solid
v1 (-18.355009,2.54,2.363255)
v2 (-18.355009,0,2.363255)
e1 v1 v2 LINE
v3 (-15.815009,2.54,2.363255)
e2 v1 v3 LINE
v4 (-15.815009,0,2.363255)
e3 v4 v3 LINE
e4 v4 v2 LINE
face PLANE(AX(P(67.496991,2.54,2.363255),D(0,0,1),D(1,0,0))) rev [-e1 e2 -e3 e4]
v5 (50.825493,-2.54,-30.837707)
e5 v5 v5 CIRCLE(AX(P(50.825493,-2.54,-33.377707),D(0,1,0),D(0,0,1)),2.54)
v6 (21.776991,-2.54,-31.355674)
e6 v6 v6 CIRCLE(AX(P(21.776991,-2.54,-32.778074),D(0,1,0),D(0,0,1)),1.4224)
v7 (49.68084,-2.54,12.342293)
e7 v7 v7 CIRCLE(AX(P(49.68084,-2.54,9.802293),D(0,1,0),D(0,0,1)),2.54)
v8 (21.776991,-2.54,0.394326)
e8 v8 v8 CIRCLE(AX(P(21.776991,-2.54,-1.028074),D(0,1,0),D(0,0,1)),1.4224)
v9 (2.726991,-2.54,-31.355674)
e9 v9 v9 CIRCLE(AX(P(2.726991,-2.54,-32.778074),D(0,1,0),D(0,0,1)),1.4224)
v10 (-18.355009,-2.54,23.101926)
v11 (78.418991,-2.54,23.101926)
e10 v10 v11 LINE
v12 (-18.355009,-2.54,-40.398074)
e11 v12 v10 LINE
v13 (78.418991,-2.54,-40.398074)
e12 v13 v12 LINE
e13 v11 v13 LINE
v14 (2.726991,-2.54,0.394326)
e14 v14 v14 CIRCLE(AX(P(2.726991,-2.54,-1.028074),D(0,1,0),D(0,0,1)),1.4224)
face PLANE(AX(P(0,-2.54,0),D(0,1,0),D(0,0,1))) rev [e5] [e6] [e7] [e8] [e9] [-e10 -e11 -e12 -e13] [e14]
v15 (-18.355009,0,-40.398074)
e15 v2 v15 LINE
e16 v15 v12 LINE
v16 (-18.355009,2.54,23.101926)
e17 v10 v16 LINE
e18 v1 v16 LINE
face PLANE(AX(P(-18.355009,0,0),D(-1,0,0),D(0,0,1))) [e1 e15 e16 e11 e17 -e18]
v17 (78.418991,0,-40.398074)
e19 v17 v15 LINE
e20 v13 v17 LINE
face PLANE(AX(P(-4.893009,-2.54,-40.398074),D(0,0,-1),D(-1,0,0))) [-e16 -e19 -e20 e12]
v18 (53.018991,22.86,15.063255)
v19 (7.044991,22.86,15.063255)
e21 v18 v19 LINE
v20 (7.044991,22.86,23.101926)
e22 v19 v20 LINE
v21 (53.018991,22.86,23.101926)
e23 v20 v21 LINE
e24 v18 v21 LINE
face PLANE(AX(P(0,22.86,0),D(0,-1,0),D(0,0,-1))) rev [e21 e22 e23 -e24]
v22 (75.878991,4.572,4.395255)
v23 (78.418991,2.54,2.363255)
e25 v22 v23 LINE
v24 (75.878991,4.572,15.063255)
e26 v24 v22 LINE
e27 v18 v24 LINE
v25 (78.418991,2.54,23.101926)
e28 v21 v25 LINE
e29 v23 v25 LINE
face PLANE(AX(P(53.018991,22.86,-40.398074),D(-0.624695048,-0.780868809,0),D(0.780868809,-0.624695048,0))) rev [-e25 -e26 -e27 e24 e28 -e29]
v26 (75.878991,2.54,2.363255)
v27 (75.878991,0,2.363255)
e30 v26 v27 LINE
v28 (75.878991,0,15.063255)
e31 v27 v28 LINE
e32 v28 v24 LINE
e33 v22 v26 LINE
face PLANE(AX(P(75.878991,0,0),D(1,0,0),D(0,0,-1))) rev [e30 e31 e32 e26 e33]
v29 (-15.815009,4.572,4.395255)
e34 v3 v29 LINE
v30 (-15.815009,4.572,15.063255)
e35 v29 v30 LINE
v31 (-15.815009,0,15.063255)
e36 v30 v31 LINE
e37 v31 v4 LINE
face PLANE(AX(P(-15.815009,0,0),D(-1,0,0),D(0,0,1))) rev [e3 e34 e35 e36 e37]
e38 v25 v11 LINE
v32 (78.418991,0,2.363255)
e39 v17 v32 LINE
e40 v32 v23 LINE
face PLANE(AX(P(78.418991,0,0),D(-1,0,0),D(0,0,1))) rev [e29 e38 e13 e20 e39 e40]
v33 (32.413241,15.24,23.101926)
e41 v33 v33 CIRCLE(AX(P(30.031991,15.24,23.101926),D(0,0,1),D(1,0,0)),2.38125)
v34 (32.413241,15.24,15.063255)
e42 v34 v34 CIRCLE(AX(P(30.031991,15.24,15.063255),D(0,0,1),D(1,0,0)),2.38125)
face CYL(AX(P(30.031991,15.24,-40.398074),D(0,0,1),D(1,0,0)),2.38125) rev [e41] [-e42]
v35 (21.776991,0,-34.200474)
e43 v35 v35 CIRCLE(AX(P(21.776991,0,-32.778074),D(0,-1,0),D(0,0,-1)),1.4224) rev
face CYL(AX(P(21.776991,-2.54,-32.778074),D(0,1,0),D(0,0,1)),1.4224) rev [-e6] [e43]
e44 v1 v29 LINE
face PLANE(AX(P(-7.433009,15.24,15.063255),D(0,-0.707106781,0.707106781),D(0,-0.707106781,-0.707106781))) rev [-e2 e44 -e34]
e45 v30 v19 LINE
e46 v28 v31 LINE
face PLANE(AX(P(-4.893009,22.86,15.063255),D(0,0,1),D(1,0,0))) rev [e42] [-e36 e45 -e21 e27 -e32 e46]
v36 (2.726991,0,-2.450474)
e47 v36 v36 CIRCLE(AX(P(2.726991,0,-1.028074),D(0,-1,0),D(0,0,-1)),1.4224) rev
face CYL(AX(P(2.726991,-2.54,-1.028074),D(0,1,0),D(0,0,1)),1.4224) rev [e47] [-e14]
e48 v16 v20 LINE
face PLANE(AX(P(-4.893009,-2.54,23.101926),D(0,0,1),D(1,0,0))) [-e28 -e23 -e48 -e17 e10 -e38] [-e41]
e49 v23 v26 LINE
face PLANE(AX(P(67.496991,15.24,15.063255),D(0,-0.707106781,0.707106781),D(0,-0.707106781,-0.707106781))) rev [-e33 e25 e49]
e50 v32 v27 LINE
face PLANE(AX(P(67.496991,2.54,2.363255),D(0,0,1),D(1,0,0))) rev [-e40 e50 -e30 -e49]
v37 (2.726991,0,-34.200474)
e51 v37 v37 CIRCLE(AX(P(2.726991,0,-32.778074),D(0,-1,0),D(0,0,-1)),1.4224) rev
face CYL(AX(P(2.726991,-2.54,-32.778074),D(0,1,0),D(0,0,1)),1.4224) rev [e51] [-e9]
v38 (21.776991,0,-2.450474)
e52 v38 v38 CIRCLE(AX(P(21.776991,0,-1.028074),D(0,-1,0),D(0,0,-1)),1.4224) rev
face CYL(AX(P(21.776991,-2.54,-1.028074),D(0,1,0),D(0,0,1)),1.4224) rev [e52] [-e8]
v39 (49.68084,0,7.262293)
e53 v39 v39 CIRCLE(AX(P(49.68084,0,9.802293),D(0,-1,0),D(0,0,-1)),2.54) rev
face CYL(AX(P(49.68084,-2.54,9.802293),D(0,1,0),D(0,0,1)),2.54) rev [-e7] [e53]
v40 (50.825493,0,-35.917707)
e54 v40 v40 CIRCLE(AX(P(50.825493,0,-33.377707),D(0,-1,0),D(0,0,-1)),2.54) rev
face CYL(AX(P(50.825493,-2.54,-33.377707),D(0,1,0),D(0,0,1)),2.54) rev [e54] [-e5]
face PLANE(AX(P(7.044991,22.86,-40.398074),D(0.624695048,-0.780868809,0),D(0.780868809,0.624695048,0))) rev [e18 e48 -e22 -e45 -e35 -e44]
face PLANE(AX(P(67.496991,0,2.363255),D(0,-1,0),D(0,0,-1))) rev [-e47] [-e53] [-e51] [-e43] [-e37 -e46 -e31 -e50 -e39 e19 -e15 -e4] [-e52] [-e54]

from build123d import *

# Parameters (mm, degrees)
BOSS_EXTRUDE1_DEPTH      = 2.54
BOSS_EXTRUDE1_DEPTH_BACK = 2.54
SKETCH1_W                = 69.85
SKETCH1_H                = 63.5
SKETCH1_R                = 1.4224
SKETCH1_R_2              = 2.54
SKETCH2_W                = 69.85
SKETCH2_H                = 8.038671265
BOSS_EXTRUDE2_DEPTH      = 20.32
BOSS_EXTRUDE3_DEPTH      = 2.54
BOSS_EXTRUDE4_DEPTH      = 2.54
SKETCH5_W                = 42.761328735
SKETCH5_H                = 2.54
CUT_EXTRUDE1_DEPTH       = 89.142435188
SKETCH6_W                = 69.85
SKETCH6_H                = 2.54
BOSS_EXTRUDE5_DEPTH      = 12.7
SKETCH7_W                = 69.85
SKETCH7_H                = 2.54
CUT_EXTRUDE2_DEPTH       = 12.7
SKETCH8_R                = 2.38125
CUT_EXTRUDE3_DEPTH       = 96.449847624
BOSS_EXTRUDE6_DEPTH      = 10.922
BOSS_EXTRUDE7_DEPTH      = 10.922
CUT_EXTRUDE4_DEPTH       = 10.922
CUT_EXTRUDE5_DEPTH       = 10.922
CUT_EXTRUDE6_DEPTH       = 104.461914585
CUT_EXTRUDE6_DEPTH_BACK  = 104.461914585


with BuildPart() as part:
    # Sketch1 → Boss-Extrude1 (new, two sides: drawn at the far end of the back side and taken through both)
    with BuildSketch(Plane(origin=(0, 0, 0), x_dir=(1, 0, 0), z_dir=(0, 1, 0)).offset(-BOSS_EXTRUDE1_DEPTH_BACK)):
        with Locations((30.031991128, 8.648073975)):
            Rectangle(SKETCH1_W, SKETCH1_H)
        with Locations(Location((2.726991128, 32.778073975, 0), (0, 0, 270))):
            Circle(SKETCH1_R, mode=Mode.SUBTRACT)
        with Locations(Location((21.776991128, 32.778073975, 0), (0, 0, 270))):
            Circle(SKETCH1_R, mode=Mode.SUBTRACT)
        with Locations(Location((2.726991128, 1.028073975, 0), (0, 0, 270))):
            Circle(SKETCH1_R, mode=Mode.SUBTRACT)
        with Locations(Location((21.776991128, 1.028073975, 0), (0, 0, 270))):
            Circle(SKETCH1_R, mode=Mode.SUBTRACT)
        with Locations(Location((49.680840227, -9.802293314, 0), (0, 0, 270))):
            Circle(SKETCH1_R_2, mode=Mode.SUBTRACT)
        with Locations(Location((50.825492869, 33.377706686, 0), (0, 0, 270))):
            Circle(SKETCH1_R_2, mode=Mode.SUBTRACT)
    extrude(amount=BOSS_EXTRUDE1_DEPTH + BOSS_EXTRUDE1_DEPTH_BACK)

    # Sketch2 → Boss-Extrude2 (add)
    with BuildSketch(Plane(origin=(0, 2.54, 0), x_dir=(1, 0, 0), z_dir=(0, 1, 0))):
        with Locations((30.031991128, -19.082590393)):
            Rectangle(SKETCH2_W, SKETCH2_H)
    extrude(amount=BOSS_EXTRUDE2_DEPTH)

    # Sketch3 → Boss-Extrude3 (add)
    with BuildSketch(Plane.ZY.offset(4.893008872)):
        Polygon((15.06325476, 15.24), (2.36325476, 2.54), (-40.398073975, 2.54), (-40.398073975, -2.54), (23.101926025, -2.54), (23.101926025, 22.86), (15.06325476, 22.86), align=None)
    extrude(amount=BOSS_EXTRUDE3_DEPTH)

    # Sketch4 → Boss-Extrude4 (add)
    with BuildSketch(Plane(origin=(64.956991128, 0, 0), x_dir=(0, 0, -1), z_dir=(1, 0, 0))):
        Polygon((-15.06325476, 15.24), (-2.36325476, 2.54), (40.398073975, 2.54), (40.398073975, -2.54), (-23.101926025, -2.54), (-23.101926025, 22.86), (-15.06325476, 22.86), align=None)
    extrude(amount=BOSS_EXTRUDE4_DEPTH)

    # Sketch5 → Cut-Extrude1 (cut, through all)
    with BuildSketch(Plane.ZY.offset(7.433008872)):
        with Locations((-19.017409607, 1.27)):
            Rectangle(SKETCH5_W, SKETCH5_H)
    extrude(amount=-CUT_EXTRUDE1_DEPTH, mode=Mode.SUBTRACT)

    # Sketch6 → Boss-Extrude5 (add)
    with BuildSketch(Plane(origin=(0, 0, 2.36325476), x_dir=(-1, 0, 0), z_dir=(0, 0, -1))):
        with Locations((-30.031991128, 1.27)):
            Rectangle(SKETCH6_W, SKETCH6_H)
    extrude(amount=-BOSS_EXTRUDE5_DEPTH)

    # Sketch7 → Cut-Extrude2 (cut)
    with BuildSketch(Plane(origin=(0, 0, 2.36325476), x_dir=(-1, 0, 0), z_dir=(0, 0, -1))):
        with Locations((-30.031991128, 1.27)):
            Rectangle(SKETCH7_W, SKETCH7_H)
    extrude(amount=-CUT_EXTRUDE2_DEPTH, mode=Mode.SUBTRACT)

    # Sketch8 → Cut-Extrude3 (cut, through all)
    with BuildSketch(Plane.XY.offset(23.101926025)):
        with Locations((30.031991128, 15.24)):
            Circle(SKETCH8_R)
    extrude(amount=-CUT_EXTRUDE3_DEPTH, mode=Mode.SUBTRACT)

    # Sketch9 → Boss-Extrude6 (add)
    with BuildSketch(Plane(origin=(67.496991128, 0, 0), x_dir=(0, 0, -1), z_dir=(1, 0, 0))):
        Polygon((-2.36325476, 0), (-2.36325476, 2.54), (-15.06325476, 15.24), (-15.06325476, 22.86), (-23.101926025, 22.86), (-23.101926025, -2.54), (40.398073975, -2.54), (40.398073975, 0), align=None)
    extrude(amount=BOSS_EXTRUDE6_DEPTH)

    # Sketch10 → Boss-Extrude7 (add)
    with BuildSketch(Plane.ZY.offset(7.433008872)):
        Polygon((2.36325476, 2.54), (2.36325476, 0), (-40.398073975, 0), (-40.398073975, -2.54), (23.101926025, -2.54), (23.101926025, 22.86), (15.06325476, 22.86), (15.06325476, 15.24), align=None)
    extrude(amount=BOSS_EXTRUDE7_DEPTH)

    # Sketch12 → Cut-Extrude4 (cut)
    with BuildSketch(Plane.ZY.offset(-64.956991128)):
        Polygon((15.06325476, 15.24), (2.36325476, 2.54), (2.36325476, 0), (15.06325476, 0), align=None)
    extrude(amount=-CUT_EXTRUDE4_DEPTH, mode=Mode.SUBTRACT)

    # Sketch13 → Cut-Extrude5 (cut)
    with BuildSketch(Plane(origin=(-4.893008872, 0, 0), x_dir=(0, 0, -1), z_dir=(1, 0, 0))):
        Polygon((-2.36325476, 2.54), (-15.06325476, 15.24), (-15.06325476, 0), (-2.36325476, 0), align=None)
    extrude(amount=-CUT_EXTRUDE5_DEPTH, mode=Mode.SUBTRACT)

    # Sketch14 → Cut-Extrude6 (cut, two sides: drawn at the far end of the back side and taken through both)
    with BuildSketch(Plane.XY.offset(23.101926025).offset(-CUT_EXTRUDE6_DEPTH_BACK)):
        Polygon((78.418991128, 22.86), (53.018991128, 22.86), (78.418991128, 2.54), align=None)
        Polygon((-18.355008872, 22.86), (7.044991128, 22.86), (-18.355008872, 2.54), align=None)
    extrude(amount=CUT_EXTRUDE6_DEPTH + CUT_EXTRUDE6_DEPTH_BACK, mode=Mode.SUBTRACT)


solid = part.part
